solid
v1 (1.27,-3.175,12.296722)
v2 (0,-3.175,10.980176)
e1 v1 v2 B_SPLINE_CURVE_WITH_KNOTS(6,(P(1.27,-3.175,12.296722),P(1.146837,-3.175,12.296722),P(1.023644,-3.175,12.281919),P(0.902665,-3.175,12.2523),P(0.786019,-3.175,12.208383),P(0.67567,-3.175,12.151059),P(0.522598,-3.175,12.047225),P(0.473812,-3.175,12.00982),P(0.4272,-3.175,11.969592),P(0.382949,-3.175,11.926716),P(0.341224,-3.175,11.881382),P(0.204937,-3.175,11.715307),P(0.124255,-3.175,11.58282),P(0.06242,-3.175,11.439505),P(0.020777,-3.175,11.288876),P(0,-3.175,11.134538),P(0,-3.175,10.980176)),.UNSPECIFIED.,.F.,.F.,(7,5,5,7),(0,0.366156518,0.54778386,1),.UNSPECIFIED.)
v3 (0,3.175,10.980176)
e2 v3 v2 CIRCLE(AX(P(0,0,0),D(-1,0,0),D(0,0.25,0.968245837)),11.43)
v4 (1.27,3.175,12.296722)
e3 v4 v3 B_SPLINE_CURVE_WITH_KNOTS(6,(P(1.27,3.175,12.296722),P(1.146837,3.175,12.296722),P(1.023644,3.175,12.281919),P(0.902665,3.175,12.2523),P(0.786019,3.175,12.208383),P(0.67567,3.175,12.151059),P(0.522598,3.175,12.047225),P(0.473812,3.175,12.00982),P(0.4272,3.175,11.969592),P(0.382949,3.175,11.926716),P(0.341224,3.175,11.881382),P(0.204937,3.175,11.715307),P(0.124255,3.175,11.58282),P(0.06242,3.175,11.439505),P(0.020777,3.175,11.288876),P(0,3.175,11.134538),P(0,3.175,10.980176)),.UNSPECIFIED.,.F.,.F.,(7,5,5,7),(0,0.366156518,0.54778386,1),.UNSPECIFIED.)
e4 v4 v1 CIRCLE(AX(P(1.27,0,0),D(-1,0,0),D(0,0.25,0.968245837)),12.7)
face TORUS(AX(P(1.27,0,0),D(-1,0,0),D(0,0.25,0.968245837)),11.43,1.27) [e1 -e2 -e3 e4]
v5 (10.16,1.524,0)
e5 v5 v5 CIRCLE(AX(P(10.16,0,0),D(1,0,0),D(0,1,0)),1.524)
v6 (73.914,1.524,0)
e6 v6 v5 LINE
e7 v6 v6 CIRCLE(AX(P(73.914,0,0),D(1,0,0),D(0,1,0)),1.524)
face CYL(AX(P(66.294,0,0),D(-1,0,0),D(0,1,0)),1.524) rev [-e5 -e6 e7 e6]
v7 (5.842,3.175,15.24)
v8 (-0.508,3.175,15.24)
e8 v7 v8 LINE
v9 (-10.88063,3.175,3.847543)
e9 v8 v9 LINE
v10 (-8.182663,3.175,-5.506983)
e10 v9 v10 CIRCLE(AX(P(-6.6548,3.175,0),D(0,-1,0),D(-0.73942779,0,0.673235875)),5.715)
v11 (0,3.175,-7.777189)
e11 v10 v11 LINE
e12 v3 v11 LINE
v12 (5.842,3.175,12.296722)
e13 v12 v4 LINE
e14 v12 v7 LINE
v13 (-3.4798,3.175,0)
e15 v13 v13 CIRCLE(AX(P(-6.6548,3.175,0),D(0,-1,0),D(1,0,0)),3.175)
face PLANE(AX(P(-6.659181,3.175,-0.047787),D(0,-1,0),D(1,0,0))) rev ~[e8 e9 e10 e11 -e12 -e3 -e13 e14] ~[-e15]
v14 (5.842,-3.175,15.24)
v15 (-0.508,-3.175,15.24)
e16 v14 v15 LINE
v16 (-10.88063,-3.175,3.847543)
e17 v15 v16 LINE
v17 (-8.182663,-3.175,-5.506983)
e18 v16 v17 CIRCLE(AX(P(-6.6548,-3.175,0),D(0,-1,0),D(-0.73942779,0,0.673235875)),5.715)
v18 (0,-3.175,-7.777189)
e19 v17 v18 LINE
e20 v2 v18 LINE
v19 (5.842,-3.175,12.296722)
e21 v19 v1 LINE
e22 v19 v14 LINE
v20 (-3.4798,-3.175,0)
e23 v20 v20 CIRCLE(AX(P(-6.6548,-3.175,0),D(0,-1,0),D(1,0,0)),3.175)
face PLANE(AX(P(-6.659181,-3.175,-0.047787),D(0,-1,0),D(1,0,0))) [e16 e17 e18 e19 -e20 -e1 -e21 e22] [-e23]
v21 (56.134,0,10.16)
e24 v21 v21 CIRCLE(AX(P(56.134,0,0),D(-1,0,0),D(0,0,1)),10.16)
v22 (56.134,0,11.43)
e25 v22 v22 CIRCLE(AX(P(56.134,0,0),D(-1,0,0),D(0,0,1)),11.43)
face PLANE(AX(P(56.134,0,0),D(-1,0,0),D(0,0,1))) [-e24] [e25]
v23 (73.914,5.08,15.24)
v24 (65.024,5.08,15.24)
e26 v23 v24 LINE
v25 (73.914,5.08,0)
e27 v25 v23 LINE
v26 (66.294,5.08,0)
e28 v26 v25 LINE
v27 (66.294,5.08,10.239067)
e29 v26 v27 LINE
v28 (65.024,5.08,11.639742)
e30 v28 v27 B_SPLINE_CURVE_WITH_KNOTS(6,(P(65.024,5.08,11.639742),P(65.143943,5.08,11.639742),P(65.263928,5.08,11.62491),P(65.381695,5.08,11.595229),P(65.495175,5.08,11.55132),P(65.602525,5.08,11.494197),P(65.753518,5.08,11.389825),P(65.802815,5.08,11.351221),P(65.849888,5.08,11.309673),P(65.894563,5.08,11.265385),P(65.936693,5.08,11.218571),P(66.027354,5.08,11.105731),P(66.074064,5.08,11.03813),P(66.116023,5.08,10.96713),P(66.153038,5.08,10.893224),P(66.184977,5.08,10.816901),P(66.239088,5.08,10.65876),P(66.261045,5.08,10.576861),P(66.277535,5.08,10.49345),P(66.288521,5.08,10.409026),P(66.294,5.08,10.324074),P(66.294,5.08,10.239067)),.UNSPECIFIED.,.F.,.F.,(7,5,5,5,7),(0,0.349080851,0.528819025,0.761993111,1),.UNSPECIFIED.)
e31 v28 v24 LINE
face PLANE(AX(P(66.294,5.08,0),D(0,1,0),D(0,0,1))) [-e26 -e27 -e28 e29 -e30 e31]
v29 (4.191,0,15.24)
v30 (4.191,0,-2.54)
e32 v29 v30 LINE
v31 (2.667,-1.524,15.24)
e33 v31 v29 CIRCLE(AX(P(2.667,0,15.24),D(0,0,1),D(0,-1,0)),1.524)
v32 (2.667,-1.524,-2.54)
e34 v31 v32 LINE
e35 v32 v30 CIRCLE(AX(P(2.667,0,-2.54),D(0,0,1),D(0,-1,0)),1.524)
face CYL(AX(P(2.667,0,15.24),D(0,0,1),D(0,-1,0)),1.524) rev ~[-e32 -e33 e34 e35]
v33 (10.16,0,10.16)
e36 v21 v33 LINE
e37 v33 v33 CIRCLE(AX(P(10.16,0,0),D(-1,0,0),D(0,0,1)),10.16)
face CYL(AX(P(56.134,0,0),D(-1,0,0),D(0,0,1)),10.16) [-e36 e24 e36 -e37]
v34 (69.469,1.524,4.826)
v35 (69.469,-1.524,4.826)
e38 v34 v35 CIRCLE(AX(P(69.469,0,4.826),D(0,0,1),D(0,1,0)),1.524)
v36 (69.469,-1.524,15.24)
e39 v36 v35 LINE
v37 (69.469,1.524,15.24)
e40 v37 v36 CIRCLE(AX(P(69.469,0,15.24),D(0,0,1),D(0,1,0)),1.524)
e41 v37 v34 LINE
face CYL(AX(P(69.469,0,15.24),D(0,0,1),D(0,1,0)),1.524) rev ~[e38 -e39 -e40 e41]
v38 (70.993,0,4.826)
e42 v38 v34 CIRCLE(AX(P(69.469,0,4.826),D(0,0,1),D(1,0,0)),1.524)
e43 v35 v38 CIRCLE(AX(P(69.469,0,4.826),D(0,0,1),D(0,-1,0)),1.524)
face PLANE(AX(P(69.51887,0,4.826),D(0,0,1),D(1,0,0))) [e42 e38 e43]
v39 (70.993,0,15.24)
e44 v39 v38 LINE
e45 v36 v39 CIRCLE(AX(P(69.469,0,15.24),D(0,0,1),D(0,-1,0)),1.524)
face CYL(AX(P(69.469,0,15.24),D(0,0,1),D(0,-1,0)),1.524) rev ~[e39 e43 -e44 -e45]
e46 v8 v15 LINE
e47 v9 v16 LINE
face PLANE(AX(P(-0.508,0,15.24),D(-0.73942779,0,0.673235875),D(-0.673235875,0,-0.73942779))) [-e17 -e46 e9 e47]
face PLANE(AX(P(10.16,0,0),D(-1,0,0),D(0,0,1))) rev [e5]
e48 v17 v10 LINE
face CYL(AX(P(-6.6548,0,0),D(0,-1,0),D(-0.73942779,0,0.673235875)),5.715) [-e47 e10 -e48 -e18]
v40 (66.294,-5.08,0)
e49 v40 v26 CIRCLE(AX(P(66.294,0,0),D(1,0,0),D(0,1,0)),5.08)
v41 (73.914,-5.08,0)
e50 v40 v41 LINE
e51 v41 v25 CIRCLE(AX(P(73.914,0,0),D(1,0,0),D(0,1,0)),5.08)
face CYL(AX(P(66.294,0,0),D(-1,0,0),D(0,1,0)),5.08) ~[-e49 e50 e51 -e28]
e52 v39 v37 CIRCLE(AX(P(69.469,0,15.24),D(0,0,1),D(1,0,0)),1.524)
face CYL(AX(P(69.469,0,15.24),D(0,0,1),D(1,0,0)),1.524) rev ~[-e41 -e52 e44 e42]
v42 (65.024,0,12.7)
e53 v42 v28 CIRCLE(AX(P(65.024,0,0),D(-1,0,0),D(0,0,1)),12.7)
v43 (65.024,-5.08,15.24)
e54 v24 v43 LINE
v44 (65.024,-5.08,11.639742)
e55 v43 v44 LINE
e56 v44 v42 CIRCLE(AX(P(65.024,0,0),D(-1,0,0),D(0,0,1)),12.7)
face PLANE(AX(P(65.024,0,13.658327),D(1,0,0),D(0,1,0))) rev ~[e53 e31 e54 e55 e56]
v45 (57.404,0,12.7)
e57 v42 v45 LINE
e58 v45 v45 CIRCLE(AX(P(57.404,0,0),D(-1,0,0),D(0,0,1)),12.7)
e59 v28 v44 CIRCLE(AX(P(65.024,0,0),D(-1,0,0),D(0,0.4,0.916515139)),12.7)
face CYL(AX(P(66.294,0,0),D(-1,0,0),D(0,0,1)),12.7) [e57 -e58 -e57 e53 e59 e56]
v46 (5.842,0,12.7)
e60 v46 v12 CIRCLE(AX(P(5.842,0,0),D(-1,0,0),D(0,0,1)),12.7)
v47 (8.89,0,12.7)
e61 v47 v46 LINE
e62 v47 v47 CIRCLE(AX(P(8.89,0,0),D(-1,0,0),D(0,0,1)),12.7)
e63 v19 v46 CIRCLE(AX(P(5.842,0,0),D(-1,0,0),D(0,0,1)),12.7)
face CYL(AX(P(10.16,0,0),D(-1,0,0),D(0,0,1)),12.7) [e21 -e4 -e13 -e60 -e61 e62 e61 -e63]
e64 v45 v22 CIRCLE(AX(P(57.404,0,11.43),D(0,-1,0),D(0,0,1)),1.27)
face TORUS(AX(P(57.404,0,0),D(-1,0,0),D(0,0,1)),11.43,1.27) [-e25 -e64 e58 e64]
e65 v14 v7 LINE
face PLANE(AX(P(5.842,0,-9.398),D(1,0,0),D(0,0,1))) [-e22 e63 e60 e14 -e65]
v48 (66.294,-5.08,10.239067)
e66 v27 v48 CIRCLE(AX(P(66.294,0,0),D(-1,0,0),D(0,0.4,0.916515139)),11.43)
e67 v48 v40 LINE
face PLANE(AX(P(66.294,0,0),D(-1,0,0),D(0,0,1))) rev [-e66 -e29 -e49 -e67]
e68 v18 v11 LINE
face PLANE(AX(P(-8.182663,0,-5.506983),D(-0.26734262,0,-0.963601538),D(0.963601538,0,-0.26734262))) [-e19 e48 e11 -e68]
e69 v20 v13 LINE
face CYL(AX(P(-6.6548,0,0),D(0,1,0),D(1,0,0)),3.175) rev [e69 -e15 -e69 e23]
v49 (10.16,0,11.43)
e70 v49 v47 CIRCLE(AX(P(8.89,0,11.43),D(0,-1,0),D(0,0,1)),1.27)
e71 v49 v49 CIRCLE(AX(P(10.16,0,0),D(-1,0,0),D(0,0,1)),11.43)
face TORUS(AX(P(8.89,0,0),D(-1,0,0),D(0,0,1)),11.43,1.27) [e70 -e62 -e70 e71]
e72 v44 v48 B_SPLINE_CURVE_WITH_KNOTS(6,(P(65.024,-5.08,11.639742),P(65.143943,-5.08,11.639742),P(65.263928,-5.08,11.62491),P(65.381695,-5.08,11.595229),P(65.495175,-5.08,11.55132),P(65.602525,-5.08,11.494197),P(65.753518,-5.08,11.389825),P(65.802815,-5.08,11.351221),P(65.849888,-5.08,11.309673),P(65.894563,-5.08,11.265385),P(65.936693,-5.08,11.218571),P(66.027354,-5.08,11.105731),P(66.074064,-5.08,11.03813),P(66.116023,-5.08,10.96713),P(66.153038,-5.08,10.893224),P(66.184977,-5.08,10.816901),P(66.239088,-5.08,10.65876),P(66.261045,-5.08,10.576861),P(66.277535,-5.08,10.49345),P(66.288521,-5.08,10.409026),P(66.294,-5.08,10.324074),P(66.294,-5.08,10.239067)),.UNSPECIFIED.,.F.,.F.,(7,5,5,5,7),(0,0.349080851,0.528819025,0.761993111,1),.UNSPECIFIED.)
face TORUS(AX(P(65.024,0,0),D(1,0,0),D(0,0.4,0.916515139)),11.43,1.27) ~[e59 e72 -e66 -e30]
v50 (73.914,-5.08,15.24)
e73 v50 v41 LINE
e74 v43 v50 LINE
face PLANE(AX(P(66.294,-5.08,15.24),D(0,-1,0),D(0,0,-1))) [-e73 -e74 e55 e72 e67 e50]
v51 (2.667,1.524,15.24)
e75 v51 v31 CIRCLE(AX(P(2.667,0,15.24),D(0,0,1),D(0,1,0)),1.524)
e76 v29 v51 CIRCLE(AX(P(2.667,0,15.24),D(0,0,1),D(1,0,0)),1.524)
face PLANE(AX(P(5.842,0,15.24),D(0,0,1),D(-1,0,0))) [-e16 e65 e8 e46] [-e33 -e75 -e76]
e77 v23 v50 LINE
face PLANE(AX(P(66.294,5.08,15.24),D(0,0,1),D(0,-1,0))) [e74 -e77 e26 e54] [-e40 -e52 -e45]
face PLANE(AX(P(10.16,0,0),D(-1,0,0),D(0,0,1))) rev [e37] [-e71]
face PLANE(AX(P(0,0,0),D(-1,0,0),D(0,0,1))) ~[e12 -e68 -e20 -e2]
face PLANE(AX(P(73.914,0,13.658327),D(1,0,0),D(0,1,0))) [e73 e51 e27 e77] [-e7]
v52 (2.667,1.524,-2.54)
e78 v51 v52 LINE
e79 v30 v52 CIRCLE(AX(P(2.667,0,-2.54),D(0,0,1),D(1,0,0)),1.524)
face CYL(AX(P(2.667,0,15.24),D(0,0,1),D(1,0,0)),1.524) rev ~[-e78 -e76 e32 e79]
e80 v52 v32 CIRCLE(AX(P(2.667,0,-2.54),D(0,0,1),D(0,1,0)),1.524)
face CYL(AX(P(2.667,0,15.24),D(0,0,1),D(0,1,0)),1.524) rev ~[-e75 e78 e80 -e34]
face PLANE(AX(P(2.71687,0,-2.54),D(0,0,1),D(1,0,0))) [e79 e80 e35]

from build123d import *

# Parameters (mm, degrees)
F0_W          = 5.842
F0_H          = 12.7
F0_R          = 3.175
F2_DEPTH      = 3.175
F3_R          = 1.524
F4_DEPTH      = 7.62
F4_DEPTH_BACK = 1.27
F5_DEPTH      = 56.134
F8_DEPTH      = 17.78
F9_DEPTH      = 10.414
F10_R         = 1.27


with BuildPart() as f1:
    # F0 (on Front) → F1 (revolve)
    with BuildSketch(Plane.XZ):
        Polygon((5.842, 12.7), (5.842, 0), (66.294, 0), (66.294, 12.7), (56.134, 12.7), (56.134, 10.16), (10.16, 10.16), (10.16, 12.7), align=None)
        with Locations((2.921, 6.35)):
            Rectangle(F0_W, F0_H)
    revolve(axis=Axis((33.147, 0, 0), (-1, 0, 0)))

    # F0 (on Front) → F2 (join, symmetric)
    with BuildSketch(Plane.XZ):
        with BuildLine():
            ThreePointArc((-8.1826630726, -5.5069827884), (-3.1957909266, -4.5493385486), (-0.9398, 0))
            ThreePointArc((-0.9398, 0), (-4.5919612295, 5.3297205562), (-10.8806298187, 3.8475430269))
            ThreePointArc((-10.8806298187, 3.8475430269), (-12.1459778134, -1.5837270034), (-8.1826630726, -5.5069827884))
        make_face()
        with Locations((-6.6548, 0)):
            Circle(F0_R, mode=Mode.SUBTRACT)
        with BuildLine():
            Line((-0.9398, 0), (0, 0))
            Line((0, 0), (0, 12.7))
            Line((0, 12.7), (5.842, 12.7))
            Line((5.842, 12.7), (5.842, 15.24))
            Line((5.842, 15.24), (-0.508, 15.24))
            Line((-0.508, 15.24), (-10.8806298187, 3.8475430269))
            ThreePointArc((-10.8806298187, 3.8475430269), (-4.5919612295, 5.3297205562), (-0.9398, 0))
        make_face()
        with Locations((2.921, 6.35)):
            Rectangle(F0_W, F0_H)
        with BuildLine():
            Line((5.842, 0), (0, 0))
            Line((0, 0), (-0.9398, 0))
            ThreePointArc((-0.9398, 0), (-3.1957909266, -4.5493385486), (-8.1826630726, -5.5069827884))
            Line((-8.1826630726, -5.5069827884), (5.842, -9.398))
            Line((5.842, -9.398), (5.842, 0))
        make_face()
    extrude(amount=F2_DEPTH, both=True)

    # F3 (on face) → F4 (join, two sides)
    with BuildSketch(Plane.YZ.offset(66.294)) as f4_sk:
        with BuildLine():
            ThreePointArc((-5.08, 11.6397422652), (0, 12.7), (5.08, 11.6397422652))
            Line((5.08, 11.6397422652), (5.08, 15.24))
            Line((5.08, 15.24), (-5.08, 15.24))
            Line((-5.08, 15.24), (-5.08, 11.6397422652))
        make_face()
        with BuildLine():
            ThreePointArc((-5.08, 0), (0, -5.08), (5.08, 0))
            ThreePointArc((5.08, 0), (0, 5.08), (-5.08, 0))
        make_face()
        Circle(F3_R, mode=Mode.SUBTRACT)
        with BuildLine():
            ThreePointArc((-5.08, 0), (0, 5.08), (5.08, 0))
            Line((5.08, 0), (5.08, 11.6397422652))
            ThreePointArc((5.08, 11.6397422652), (0, 12.7), (-5.08, 11.6397422652))
            Line((-5.08, 11.6397422652), (-5.08, 0))
        make_face()
    extrude(amount=F4_DEPTH)
    extrude(f4_sk.sketch, amount=-F4_DEPTH_BACK)

    # F5 (cut, through all): a face of the model
    f5_faces = [f1.faces().sort_by_distance(p)[0] for p in [
        (66.294, 0, 0),
    ]]
    extrude(f5_faces, amount=-F5_DEPTH, mode=Mode.SUBTRACT)

    # F6 (on face) → F8 (cut)
    with BuildSketch(Plane.XY.offset(15.24)):
        with BuildLine():
            ThreePointArc((2.667, -1.524), (3.7446307345, -1.0776307345), (4.191, 0))
            ThreePointArc((4.191, 0), (3.7446307345, 1.0776307345), (2.667, 1.524))
            ThreePointArc((2.667, 1.524), (1.143, 0), (2.667, -1.524))
        make_face()
    extrude(amount=-F8_DEPTH, mode=Mode.SUBTRACT)

    # F7 (on face) → F9 (cut)
    with BuildSketch(Plane.XY.offset(15.24)):
        with BuildLine():
            ThreePointArc((70.993, 0), (70.5466307345, 1.0776307345), (69.469, 1.524))
            ThreePointArc((69.469, 1.524), (67.945, 0), (69.469, -1.524))
            ThreePointArc((69.469, -1.524), (70.5466307345, -1.0776307345), (70.993, 0))
        make_face()
    extrude(amount=-F9_DEPTH, mode=Mode.SUBTRACT)

    # F10
    f10_edges = [f1.edges().sort_by_distance(p)[0] for p in [
        (56.134, 0, -12.7),
        (66.294, 0, -12.7),
        (10.16, 0, -12.7),
        (0, 0, -12.7),
    ]]
    fillet(f10_edges, radius=F10_R)


solid = f1.part
